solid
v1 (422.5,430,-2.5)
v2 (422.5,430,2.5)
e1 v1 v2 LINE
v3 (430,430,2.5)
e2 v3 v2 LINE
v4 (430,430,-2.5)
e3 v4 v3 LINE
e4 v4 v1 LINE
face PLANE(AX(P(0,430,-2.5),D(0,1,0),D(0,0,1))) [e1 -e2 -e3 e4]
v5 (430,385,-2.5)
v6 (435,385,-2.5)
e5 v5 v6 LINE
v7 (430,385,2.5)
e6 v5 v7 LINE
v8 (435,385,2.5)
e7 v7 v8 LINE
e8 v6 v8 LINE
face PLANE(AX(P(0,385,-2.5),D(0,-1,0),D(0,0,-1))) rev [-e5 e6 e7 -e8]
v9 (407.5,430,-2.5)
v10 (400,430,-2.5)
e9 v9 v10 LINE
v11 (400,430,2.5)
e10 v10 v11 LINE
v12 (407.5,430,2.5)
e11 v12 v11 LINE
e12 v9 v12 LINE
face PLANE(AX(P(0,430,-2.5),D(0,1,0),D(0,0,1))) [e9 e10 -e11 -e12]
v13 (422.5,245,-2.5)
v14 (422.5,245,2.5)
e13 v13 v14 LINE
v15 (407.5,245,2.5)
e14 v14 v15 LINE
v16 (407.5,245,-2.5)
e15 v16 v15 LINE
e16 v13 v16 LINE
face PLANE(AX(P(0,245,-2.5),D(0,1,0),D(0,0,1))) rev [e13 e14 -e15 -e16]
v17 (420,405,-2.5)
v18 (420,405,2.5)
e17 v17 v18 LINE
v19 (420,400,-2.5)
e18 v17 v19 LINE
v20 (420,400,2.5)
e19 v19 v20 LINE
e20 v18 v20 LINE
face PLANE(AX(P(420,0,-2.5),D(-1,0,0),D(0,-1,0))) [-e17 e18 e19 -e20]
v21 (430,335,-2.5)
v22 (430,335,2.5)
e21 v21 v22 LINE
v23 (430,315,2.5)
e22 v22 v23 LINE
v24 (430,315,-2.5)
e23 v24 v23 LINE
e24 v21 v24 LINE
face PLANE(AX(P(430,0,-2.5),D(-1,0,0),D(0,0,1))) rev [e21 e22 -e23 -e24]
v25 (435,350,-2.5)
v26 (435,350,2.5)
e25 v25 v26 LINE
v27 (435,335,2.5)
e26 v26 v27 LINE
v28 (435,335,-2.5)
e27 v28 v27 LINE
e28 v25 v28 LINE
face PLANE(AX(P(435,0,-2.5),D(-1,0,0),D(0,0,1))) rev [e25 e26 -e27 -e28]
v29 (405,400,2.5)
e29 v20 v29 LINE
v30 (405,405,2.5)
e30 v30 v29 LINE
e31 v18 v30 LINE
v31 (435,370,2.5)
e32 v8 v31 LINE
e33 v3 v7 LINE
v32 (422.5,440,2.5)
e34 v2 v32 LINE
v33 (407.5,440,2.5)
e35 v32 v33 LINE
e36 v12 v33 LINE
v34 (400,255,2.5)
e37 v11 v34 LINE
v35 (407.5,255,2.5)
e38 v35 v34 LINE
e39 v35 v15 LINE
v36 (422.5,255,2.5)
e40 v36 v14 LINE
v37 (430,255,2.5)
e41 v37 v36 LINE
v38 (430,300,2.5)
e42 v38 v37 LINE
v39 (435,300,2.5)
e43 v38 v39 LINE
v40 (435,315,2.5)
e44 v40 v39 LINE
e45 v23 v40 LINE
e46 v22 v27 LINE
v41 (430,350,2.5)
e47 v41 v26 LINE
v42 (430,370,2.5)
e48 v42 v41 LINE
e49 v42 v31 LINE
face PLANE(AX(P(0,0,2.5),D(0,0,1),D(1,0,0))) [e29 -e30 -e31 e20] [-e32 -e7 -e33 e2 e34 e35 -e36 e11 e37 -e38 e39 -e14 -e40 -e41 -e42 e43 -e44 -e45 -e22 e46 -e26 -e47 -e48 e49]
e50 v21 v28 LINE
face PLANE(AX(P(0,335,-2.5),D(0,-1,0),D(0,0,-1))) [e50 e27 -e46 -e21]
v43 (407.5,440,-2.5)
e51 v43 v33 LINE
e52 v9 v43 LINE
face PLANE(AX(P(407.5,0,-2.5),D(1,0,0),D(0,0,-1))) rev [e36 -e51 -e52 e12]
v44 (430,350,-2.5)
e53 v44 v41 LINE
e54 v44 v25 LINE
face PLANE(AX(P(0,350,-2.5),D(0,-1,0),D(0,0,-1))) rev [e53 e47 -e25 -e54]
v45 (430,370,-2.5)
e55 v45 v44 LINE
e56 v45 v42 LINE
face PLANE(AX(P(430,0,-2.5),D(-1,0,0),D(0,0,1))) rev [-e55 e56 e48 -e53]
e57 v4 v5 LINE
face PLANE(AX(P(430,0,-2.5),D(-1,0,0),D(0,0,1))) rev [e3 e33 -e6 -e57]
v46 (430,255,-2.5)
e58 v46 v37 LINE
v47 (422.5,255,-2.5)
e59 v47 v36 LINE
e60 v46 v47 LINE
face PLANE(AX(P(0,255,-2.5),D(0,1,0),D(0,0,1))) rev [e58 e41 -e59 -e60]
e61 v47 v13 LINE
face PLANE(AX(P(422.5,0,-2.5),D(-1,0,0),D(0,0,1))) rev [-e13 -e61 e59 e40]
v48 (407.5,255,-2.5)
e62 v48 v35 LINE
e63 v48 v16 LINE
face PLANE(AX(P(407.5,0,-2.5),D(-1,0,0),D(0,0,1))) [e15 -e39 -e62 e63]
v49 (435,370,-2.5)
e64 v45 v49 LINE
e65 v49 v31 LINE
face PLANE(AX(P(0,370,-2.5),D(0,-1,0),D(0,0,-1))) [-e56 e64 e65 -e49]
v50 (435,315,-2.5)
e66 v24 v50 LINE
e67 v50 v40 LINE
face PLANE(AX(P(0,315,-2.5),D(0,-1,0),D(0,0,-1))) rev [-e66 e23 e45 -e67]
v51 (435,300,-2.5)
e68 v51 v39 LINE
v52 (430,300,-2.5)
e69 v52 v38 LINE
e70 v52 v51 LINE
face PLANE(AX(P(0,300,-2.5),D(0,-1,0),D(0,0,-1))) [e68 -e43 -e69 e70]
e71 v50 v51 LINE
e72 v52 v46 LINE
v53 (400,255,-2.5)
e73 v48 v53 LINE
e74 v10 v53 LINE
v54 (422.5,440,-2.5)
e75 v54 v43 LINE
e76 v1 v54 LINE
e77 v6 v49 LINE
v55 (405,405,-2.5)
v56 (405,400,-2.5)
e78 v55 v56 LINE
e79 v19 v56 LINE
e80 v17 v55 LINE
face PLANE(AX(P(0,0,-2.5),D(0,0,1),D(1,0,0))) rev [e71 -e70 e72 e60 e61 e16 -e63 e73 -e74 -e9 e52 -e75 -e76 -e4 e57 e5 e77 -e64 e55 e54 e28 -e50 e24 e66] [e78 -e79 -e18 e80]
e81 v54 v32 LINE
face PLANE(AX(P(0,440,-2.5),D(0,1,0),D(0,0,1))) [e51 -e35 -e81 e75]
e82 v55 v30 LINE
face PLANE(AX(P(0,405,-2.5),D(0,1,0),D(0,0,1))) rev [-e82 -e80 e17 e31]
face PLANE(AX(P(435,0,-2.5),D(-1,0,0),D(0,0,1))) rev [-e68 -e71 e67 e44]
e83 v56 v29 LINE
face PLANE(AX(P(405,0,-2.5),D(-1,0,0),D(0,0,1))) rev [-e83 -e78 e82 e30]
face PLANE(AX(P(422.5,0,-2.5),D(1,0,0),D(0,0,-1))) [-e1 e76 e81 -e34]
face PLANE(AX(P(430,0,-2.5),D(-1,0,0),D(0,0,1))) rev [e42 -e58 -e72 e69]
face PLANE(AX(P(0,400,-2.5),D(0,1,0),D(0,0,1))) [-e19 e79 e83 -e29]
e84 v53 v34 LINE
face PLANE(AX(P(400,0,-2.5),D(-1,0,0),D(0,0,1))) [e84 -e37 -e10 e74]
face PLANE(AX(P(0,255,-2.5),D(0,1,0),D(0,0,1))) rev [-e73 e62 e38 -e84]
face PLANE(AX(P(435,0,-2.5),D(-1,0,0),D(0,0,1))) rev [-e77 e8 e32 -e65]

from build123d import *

# Parameters (mm, degrees)
SKETCH1_W           = 15
SKETCH1_H           = 5
BOSS_EXTRUDE1_DEPTH = 2.5


with BuildPart() as part:
    # Sketch1 → Boss-Extrude1 (new, symmetric)
    with BuildSketch(Plane.XY):
        Polygon((430, 300), (430, 255), (422.5, 255), (422.5, 245), (407.5, 245), (407.5, 255), (400, 255), (400, 430), (407.5, 430), (407.5, 440), (422.5, 440), (422.5, 430), (430, 430), (430, 385), (435, 385), (435, 370), (430, 370), (430, 350), (435, 350), (435, 335), (430, 335), (430, 315), (435, 315), (435, 300), align=None)
        with Locations((412.5, 402.5)):
            Rectangle(SKETCH1_W, SKETCH1_H, mode=Mode.SUBTRACT)
    extrude(amount=BOSS_EXTRUDE1_DEPTH, both=True)


solid = part.part
